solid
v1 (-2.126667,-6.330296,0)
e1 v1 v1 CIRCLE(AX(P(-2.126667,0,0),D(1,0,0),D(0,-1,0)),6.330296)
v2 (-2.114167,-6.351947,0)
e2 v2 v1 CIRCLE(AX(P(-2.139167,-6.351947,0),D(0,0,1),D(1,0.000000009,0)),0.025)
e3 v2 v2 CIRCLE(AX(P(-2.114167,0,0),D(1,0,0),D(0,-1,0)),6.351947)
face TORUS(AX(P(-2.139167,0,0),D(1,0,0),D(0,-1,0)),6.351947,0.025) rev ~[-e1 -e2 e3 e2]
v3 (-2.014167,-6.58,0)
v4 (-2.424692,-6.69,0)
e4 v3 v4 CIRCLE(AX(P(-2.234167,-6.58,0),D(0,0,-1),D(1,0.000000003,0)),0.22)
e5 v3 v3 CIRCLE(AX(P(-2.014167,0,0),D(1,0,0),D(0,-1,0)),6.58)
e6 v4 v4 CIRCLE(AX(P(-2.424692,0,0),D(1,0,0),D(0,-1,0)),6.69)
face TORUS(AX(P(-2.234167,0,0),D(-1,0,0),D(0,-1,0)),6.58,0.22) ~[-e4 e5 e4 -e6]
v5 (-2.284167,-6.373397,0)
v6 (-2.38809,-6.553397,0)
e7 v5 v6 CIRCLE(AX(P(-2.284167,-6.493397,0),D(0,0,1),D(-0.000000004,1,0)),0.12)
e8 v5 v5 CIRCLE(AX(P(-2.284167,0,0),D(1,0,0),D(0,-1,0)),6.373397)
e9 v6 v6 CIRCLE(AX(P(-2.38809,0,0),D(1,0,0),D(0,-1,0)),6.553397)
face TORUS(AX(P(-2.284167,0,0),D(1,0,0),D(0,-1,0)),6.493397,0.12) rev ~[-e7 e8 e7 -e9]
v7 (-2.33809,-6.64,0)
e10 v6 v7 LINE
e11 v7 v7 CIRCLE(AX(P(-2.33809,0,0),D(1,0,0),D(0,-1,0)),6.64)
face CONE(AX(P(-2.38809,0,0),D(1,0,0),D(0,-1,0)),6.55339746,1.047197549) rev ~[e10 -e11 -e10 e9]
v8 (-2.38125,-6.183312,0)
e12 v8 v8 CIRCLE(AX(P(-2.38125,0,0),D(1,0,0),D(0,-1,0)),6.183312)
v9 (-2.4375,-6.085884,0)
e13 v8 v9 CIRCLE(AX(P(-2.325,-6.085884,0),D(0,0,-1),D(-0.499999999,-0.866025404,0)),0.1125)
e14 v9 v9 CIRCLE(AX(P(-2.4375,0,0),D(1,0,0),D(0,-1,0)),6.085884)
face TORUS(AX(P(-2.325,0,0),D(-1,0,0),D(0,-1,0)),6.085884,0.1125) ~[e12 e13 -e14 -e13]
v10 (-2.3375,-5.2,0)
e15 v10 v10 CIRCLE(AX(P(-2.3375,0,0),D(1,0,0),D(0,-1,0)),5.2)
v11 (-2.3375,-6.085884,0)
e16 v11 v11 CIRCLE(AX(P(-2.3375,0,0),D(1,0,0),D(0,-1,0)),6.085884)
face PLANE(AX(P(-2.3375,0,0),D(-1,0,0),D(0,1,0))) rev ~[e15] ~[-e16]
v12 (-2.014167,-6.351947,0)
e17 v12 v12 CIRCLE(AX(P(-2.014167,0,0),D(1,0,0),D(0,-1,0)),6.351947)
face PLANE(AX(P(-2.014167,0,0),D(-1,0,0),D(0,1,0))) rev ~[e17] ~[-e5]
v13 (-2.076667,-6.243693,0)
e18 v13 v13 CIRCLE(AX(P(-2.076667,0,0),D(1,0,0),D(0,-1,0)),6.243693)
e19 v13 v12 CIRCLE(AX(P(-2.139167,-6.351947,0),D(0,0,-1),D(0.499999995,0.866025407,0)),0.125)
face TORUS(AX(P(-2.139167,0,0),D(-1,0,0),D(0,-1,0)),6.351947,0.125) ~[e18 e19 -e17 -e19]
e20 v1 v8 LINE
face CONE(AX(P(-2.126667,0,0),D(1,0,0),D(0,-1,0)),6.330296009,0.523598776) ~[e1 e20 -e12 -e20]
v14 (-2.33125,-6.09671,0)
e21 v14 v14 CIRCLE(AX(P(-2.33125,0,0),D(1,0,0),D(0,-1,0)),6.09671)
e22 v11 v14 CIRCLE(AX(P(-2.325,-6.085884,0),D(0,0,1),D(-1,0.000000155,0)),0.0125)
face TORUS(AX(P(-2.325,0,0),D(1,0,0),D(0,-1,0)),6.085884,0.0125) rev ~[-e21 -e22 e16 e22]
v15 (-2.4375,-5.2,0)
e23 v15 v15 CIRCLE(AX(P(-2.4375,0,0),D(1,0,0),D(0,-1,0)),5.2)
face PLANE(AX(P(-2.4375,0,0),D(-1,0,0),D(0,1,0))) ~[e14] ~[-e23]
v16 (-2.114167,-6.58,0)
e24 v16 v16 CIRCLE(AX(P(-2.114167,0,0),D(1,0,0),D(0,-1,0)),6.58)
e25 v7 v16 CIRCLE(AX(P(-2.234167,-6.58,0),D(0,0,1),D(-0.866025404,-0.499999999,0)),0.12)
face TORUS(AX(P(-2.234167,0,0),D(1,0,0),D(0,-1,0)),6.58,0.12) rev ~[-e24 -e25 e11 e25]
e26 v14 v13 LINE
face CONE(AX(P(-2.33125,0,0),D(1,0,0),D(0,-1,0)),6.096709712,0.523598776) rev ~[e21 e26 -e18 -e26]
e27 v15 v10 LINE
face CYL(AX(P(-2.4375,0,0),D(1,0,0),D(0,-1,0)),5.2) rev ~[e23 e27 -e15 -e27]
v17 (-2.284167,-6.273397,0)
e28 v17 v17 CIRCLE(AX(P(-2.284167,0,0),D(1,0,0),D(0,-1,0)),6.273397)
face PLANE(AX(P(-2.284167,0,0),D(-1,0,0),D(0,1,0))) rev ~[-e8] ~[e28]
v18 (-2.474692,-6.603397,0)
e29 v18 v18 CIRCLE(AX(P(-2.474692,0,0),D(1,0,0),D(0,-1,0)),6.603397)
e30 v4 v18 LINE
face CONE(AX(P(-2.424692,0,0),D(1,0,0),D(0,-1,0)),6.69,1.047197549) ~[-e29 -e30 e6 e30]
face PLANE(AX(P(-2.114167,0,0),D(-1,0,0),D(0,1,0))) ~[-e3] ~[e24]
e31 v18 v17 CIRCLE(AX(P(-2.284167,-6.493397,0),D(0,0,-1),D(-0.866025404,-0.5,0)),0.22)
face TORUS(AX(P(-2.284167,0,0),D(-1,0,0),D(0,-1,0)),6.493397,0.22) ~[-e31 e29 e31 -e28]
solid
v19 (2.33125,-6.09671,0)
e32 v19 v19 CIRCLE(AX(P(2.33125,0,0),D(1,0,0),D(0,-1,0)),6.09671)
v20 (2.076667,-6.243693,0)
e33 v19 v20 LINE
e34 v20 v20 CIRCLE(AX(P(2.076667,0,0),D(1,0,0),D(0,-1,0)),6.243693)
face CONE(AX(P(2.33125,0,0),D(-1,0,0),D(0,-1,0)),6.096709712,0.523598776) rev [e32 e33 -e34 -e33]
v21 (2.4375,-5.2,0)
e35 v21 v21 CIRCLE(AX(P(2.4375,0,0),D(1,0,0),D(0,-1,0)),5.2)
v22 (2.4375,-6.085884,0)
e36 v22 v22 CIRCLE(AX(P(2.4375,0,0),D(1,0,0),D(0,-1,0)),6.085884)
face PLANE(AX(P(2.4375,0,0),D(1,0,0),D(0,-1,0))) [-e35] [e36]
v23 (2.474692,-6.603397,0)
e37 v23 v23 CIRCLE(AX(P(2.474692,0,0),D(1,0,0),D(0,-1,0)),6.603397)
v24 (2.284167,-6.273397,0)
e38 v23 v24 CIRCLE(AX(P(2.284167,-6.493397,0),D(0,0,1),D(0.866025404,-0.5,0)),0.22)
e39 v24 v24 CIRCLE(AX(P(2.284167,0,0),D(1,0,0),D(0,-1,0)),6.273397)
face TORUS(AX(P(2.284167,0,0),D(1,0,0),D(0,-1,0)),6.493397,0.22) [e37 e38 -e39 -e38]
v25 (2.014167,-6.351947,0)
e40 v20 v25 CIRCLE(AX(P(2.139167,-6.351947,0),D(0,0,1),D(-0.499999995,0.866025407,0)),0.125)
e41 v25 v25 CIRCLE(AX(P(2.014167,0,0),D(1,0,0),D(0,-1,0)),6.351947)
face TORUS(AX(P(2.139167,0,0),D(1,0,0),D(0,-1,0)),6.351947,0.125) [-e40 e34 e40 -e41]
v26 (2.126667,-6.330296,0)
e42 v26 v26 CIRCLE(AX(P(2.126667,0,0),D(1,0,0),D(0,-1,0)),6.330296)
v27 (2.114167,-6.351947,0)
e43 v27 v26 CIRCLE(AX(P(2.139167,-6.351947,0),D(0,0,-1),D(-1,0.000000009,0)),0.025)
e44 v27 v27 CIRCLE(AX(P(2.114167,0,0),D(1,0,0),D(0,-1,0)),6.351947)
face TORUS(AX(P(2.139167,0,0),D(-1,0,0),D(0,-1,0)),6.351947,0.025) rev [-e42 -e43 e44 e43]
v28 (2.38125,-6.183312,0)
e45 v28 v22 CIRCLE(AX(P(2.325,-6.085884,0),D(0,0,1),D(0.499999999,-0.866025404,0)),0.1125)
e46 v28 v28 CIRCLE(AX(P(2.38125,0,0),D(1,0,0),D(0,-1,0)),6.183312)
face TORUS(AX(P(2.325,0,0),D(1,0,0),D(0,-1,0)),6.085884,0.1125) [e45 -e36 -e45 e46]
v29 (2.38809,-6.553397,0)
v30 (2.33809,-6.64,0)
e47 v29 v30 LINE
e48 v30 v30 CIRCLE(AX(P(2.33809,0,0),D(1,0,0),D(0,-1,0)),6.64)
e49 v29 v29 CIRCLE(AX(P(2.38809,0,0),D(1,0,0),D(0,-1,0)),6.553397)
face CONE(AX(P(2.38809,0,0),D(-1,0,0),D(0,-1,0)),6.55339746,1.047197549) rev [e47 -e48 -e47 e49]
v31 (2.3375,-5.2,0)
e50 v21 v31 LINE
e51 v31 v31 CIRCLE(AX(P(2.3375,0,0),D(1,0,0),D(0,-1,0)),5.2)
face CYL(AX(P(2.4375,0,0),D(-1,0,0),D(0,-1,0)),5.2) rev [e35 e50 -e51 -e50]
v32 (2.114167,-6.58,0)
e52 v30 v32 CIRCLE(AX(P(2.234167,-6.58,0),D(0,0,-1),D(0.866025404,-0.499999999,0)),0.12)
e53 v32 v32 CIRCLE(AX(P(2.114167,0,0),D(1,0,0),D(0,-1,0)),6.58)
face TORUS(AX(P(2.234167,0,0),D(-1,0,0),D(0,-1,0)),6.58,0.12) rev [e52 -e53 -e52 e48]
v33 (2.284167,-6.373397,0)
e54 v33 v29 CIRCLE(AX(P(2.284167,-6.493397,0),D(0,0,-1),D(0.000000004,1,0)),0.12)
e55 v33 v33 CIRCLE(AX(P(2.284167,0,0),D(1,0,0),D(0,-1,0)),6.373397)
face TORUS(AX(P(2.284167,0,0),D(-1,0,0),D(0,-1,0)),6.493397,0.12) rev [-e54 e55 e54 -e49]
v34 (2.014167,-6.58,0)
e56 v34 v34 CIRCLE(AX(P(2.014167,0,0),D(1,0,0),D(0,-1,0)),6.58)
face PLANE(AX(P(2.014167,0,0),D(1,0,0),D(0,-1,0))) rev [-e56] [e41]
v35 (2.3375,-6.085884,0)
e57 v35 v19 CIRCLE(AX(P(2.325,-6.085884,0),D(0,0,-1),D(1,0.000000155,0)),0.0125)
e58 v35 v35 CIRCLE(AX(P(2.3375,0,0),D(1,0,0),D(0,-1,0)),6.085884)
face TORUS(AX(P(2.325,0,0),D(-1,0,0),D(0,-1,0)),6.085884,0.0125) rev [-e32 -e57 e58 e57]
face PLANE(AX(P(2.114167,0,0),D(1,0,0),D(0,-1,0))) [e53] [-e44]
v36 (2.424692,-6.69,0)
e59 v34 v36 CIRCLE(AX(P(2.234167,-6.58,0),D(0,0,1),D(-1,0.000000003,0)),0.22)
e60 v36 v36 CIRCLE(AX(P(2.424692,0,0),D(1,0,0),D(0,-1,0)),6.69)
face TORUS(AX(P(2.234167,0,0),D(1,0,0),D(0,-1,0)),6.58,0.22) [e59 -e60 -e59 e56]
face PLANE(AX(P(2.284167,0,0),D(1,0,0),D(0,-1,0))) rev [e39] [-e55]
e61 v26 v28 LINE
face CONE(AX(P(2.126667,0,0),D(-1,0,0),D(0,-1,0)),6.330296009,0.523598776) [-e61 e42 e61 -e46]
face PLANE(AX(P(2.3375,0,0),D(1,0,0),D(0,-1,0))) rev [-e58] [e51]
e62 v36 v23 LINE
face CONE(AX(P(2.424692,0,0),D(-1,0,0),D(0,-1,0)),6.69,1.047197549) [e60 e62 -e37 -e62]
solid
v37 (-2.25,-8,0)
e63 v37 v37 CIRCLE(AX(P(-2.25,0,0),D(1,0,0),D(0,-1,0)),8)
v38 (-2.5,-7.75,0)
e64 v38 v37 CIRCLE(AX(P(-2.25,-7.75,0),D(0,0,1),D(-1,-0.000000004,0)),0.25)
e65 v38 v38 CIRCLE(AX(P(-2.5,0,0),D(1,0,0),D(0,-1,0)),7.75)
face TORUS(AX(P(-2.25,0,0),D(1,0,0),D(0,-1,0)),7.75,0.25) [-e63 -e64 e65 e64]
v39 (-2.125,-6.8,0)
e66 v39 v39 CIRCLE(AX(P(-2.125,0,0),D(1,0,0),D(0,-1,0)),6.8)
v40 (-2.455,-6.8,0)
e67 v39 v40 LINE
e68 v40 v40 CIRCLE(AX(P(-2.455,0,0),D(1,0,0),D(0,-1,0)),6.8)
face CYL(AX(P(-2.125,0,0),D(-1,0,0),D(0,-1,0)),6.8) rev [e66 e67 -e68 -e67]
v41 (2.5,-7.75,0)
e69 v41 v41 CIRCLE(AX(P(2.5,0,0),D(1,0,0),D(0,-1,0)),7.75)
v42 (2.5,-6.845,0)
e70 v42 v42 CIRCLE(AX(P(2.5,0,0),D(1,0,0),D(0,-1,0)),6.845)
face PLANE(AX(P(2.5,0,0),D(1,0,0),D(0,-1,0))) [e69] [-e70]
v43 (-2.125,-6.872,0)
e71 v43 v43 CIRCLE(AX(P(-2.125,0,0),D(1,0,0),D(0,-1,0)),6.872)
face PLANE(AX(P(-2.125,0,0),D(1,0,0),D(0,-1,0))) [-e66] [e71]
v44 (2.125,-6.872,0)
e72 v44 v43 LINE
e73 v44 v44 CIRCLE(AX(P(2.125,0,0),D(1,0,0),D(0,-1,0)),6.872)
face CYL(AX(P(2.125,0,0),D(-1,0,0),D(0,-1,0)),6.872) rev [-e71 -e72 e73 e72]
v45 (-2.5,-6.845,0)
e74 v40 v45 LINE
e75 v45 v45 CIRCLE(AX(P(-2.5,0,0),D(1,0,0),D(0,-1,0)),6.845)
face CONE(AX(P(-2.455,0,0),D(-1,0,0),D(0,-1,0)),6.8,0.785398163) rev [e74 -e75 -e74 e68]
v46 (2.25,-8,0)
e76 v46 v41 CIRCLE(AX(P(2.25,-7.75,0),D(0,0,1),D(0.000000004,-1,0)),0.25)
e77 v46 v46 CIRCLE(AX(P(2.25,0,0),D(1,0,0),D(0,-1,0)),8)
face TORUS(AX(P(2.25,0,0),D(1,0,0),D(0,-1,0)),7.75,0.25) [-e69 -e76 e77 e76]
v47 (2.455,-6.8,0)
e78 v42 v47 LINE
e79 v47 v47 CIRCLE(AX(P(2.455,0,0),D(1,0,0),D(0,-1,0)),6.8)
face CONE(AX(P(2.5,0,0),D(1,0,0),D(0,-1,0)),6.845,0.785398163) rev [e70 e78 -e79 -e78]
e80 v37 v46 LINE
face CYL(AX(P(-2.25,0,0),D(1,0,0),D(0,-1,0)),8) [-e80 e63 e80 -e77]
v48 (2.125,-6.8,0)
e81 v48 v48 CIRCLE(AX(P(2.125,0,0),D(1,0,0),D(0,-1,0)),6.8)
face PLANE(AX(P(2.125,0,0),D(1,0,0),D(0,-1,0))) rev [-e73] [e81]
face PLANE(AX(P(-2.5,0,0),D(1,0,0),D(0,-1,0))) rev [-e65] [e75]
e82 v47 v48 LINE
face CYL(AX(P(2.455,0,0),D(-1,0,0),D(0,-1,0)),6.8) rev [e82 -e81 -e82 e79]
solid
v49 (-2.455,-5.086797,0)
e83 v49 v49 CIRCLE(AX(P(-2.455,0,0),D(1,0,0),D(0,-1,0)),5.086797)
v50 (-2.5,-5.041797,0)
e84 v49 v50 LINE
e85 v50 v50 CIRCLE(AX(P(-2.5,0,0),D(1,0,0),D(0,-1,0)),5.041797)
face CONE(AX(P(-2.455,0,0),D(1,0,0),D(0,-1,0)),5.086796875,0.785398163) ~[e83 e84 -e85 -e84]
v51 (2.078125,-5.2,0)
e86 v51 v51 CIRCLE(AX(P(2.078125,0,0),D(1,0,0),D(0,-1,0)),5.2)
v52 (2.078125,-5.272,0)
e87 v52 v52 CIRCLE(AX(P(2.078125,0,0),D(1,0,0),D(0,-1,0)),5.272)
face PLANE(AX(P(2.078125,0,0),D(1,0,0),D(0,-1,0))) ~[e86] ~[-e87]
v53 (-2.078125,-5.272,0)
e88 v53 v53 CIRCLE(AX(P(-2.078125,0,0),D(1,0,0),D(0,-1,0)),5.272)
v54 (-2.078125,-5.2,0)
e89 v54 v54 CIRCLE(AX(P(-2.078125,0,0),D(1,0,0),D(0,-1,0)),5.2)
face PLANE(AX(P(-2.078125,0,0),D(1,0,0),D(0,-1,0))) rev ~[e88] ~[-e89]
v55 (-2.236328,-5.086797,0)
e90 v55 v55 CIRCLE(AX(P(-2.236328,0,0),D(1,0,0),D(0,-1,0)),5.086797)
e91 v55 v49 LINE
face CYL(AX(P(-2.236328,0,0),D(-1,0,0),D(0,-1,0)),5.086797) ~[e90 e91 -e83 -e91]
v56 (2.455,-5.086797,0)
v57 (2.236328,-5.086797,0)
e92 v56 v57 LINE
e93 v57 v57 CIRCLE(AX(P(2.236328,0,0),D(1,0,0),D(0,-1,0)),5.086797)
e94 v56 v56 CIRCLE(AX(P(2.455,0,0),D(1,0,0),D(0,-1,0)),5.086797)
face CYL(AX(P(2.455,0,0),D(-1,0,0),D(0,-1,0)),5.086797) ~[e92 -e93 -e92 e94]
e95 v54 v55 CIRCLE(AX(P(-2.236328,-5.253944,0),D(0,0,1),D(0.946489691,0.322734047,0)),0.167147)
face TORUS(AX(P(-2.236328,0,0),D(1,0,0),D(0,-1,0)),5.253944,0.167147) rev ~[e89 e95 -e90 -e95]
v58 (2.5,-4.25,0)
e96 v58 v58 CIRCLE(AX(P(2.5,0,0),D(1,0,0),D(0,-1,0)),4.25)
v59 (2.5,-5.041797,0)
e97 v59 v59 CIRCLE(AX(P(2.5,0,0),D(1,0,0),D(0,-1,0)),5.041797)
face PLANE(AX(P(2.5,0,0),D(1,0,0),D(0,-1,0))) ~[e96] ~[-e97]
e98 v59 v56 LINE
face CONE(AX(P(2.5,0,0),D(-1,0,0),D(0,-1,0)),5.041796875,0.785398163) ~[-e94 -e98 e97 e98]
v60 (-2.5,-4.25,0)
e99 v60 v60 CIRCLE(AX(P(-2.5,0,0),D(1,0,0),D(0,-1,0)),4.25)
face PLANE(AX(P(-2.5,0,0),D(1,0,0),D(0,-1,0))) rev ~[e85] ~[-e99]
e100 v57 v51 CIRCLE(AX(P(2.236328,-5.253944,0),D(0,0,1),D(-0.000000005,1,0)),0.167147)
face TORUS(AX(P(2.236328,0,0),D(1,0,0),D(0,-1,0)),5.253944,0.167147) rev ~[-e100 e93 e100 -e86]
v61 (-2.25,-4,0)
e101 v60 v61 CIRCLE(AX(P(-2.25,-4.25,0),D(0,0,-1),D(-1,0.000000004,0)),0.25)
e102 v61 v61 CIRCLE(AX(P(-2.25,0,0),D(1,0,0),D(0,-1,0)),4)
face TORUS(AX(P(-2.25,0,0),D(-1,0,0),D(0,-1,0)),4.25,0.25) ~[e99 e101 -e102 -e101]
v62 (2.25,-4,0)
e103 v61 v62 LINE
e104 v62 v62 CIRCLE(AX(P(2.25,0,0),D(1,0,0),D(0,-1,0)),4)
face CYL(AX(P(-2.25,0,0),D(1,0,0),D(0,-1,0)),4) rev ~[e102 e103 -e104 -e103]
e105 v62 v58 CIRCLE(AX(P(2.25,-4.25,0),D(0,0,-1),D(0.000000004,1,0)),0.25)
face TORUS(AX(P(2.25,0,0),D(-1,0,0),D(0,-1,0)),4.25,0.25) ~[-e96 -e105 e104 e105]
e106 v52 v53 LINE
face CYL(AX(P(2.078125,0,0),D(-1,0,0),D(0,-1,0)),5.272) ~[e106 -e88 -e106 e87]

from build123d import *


with BuildPart() as part:
    # Sketch3 → Revolve1 (revolve)
    with BuildSketch(Plane.XY, mode=Mode.PRIVATE) as revolve1_sk:
        with BuildLine():
            Line((-2.25, 8), (2.25, 8))
            ThreePointArc((2.25, 8), (2.426776695, 7.926776695), (2.5, 7.75))
            Line((2.5, 7.75), (2.5, 6.845))
            Line((2.5, 6.845), (2.455, 6.8))
            Line((2.455, 6.8), (2.125, 6.8))
            Line((2.125, 6.8), (2.125, 6.872))
            Line((2.125, 6.872), (-2.125, 6.872))
            Line((-2.125, 6.872), (-2.125, 6.8))
            Line((-2.125, 6.8), (-2.455, 6.8))
            Line((-2.455, 6.8), (-2.5, 6.845))
            Line((-2.5, 6.845), (-2.5, 7.75))
            ThreePointArc((-2.5, 7.75), (-2.426776695, 7.926776695), (-2.25, 8))
        make_face()
        with BuildLine():
            Line((-2.455, 5.086796875), (-2.5, 5.041796875))
            Line((-2.5, 5.041796875), (-2.5, 4.25))
            ThreePointArc((-2.5, 4.25), (-2.426776695, 4.073223305), (-2.25, 4))
            Line((-2.25, 4), (2.25, 4))
            ThreePointArc((2.25, 4), (2.426776695, 4.073223305), (2.5, 4.25))
            Line((2.5, 4.25), (2.5, 5.041796875))
            Line((2.5, 5.041796875), (2.455, 5.086796875))
            Line((2.455, 5.086796875), (2.236328125, 5.086796875))
            ThreePointArc((2.236328125, 5.086796875), (2.139061512, 5.118012497), (2.078125, 5.2))
            Line((2.078125, 5.2), (2.078125, 5.272))
            Line((2.078125, 5.272), (-2.078125, 5.272))
            Line((-2.078125, 5.272), (-2.078125, 5.2))
            ThreePointArc((-2.078125, 5.2), (-2.139061512, 5.118012497), (-2.236328125, 5.086796875))
            Line((-2.236328125, 5.086796875), (-2.455, 5.086796875))
        make_face()
    revolve(revolve1_sk.sketch.rotate(Axis((-2.25, 0, 0), (1, 0, 0)), 180), axis=Axis((-2.25, 0, 0), (1, 0, 0)))


with BuildPart() as body_2:
    # Sketch4 → Revolve-Thin1 (revolve)
    with BuildSketch(Plane.XY, mode=Mode.PRIVATE) as revolve_thin1_sk:
        with BuildLine():
            ThreePointArc((2.284166667, 6.37339746), (2.388089715, 6.43339746), (2.388089715, 6.55339746))
            Line((2.388089715, 6.55339746), (2.338089715, 6.64))
            ThreePointArc((2.338089715, 6.64), (2.203108381, 6.695911099), (2.114166667, 6.58))
            Line((2.114166667, 6.58), (2.114166667, 6.351946644))
            ThreePointArc((2.114166667, 6.351946644), (2.117516032, 6.339446644), (2.126666667, 6.330296009))
            Line((2.126666667, 6.330296009), (2.38125, 6.183312253))
            ThreePointArc((2.38125, 6.183312253), (2.422427858, 6.142134395), (2.4375, 6.085884395))
            Line((2.4375, 6.085884395), (2.4375, 5.2))
            Line((2.4375, 5.2), (2.3375, 5.2))
            Line((2.3375, 5.2), (2.3375, 6.085884395))
            ThreePointArc((2.3375, 6.085884395), (2.335825318, 6.092134395), (2.33125, 6.096709712))
            Line((2.33125, 6.096709712), (2.076666667, 6.243693468))
            ThreePointArc((2.076666667, 6.243693468), (2.030913491, 6.289446644), (2.014166667, 6.351946644))
            Line((2.014166667, 6.351946644), (2.014166667, 6.58))
            ThreePointArc((2.014166667, 6.58), (2.177226477, 6.792503682), (2.424692255, 6.69))
            Line((2.424692255, 6.69), (2.474692255, 6.60339746))
            ThreePointArc((2.474692255, 6.60339746), (2.474692255, 6.38339746), (2.284166667, 6.27339746))
            Line((2.284166667, 6.27339746), (2.284166667, 6.37339746))
        make_face()
    revolve(revolve_thin1_sk.sketch.rotate(Axis((-2.25, 0, 0), (1, 0, 0)), 180), axis=Axis((-2.25, 0, 0), (1, 0, 0)))


with BuildPart() as body_3:
    # Mirror2: mirrored copy
    add(body_2.part.mirror(Plane(origin=(0, 0, 0), x_dir=(0, 0, 1), z_dir=(1, 0, 0))))


with BuildPart() as body_3_2:
    # Mirror1: mirrored copy
    add(body_2.part.mirror(Plane(origin=(0, 0, 0), x_dir=(0, 0, 1), z_dir=(1, 0, 0))))


solid = Compound([part.part, body_2.part, body_3_2.part])
